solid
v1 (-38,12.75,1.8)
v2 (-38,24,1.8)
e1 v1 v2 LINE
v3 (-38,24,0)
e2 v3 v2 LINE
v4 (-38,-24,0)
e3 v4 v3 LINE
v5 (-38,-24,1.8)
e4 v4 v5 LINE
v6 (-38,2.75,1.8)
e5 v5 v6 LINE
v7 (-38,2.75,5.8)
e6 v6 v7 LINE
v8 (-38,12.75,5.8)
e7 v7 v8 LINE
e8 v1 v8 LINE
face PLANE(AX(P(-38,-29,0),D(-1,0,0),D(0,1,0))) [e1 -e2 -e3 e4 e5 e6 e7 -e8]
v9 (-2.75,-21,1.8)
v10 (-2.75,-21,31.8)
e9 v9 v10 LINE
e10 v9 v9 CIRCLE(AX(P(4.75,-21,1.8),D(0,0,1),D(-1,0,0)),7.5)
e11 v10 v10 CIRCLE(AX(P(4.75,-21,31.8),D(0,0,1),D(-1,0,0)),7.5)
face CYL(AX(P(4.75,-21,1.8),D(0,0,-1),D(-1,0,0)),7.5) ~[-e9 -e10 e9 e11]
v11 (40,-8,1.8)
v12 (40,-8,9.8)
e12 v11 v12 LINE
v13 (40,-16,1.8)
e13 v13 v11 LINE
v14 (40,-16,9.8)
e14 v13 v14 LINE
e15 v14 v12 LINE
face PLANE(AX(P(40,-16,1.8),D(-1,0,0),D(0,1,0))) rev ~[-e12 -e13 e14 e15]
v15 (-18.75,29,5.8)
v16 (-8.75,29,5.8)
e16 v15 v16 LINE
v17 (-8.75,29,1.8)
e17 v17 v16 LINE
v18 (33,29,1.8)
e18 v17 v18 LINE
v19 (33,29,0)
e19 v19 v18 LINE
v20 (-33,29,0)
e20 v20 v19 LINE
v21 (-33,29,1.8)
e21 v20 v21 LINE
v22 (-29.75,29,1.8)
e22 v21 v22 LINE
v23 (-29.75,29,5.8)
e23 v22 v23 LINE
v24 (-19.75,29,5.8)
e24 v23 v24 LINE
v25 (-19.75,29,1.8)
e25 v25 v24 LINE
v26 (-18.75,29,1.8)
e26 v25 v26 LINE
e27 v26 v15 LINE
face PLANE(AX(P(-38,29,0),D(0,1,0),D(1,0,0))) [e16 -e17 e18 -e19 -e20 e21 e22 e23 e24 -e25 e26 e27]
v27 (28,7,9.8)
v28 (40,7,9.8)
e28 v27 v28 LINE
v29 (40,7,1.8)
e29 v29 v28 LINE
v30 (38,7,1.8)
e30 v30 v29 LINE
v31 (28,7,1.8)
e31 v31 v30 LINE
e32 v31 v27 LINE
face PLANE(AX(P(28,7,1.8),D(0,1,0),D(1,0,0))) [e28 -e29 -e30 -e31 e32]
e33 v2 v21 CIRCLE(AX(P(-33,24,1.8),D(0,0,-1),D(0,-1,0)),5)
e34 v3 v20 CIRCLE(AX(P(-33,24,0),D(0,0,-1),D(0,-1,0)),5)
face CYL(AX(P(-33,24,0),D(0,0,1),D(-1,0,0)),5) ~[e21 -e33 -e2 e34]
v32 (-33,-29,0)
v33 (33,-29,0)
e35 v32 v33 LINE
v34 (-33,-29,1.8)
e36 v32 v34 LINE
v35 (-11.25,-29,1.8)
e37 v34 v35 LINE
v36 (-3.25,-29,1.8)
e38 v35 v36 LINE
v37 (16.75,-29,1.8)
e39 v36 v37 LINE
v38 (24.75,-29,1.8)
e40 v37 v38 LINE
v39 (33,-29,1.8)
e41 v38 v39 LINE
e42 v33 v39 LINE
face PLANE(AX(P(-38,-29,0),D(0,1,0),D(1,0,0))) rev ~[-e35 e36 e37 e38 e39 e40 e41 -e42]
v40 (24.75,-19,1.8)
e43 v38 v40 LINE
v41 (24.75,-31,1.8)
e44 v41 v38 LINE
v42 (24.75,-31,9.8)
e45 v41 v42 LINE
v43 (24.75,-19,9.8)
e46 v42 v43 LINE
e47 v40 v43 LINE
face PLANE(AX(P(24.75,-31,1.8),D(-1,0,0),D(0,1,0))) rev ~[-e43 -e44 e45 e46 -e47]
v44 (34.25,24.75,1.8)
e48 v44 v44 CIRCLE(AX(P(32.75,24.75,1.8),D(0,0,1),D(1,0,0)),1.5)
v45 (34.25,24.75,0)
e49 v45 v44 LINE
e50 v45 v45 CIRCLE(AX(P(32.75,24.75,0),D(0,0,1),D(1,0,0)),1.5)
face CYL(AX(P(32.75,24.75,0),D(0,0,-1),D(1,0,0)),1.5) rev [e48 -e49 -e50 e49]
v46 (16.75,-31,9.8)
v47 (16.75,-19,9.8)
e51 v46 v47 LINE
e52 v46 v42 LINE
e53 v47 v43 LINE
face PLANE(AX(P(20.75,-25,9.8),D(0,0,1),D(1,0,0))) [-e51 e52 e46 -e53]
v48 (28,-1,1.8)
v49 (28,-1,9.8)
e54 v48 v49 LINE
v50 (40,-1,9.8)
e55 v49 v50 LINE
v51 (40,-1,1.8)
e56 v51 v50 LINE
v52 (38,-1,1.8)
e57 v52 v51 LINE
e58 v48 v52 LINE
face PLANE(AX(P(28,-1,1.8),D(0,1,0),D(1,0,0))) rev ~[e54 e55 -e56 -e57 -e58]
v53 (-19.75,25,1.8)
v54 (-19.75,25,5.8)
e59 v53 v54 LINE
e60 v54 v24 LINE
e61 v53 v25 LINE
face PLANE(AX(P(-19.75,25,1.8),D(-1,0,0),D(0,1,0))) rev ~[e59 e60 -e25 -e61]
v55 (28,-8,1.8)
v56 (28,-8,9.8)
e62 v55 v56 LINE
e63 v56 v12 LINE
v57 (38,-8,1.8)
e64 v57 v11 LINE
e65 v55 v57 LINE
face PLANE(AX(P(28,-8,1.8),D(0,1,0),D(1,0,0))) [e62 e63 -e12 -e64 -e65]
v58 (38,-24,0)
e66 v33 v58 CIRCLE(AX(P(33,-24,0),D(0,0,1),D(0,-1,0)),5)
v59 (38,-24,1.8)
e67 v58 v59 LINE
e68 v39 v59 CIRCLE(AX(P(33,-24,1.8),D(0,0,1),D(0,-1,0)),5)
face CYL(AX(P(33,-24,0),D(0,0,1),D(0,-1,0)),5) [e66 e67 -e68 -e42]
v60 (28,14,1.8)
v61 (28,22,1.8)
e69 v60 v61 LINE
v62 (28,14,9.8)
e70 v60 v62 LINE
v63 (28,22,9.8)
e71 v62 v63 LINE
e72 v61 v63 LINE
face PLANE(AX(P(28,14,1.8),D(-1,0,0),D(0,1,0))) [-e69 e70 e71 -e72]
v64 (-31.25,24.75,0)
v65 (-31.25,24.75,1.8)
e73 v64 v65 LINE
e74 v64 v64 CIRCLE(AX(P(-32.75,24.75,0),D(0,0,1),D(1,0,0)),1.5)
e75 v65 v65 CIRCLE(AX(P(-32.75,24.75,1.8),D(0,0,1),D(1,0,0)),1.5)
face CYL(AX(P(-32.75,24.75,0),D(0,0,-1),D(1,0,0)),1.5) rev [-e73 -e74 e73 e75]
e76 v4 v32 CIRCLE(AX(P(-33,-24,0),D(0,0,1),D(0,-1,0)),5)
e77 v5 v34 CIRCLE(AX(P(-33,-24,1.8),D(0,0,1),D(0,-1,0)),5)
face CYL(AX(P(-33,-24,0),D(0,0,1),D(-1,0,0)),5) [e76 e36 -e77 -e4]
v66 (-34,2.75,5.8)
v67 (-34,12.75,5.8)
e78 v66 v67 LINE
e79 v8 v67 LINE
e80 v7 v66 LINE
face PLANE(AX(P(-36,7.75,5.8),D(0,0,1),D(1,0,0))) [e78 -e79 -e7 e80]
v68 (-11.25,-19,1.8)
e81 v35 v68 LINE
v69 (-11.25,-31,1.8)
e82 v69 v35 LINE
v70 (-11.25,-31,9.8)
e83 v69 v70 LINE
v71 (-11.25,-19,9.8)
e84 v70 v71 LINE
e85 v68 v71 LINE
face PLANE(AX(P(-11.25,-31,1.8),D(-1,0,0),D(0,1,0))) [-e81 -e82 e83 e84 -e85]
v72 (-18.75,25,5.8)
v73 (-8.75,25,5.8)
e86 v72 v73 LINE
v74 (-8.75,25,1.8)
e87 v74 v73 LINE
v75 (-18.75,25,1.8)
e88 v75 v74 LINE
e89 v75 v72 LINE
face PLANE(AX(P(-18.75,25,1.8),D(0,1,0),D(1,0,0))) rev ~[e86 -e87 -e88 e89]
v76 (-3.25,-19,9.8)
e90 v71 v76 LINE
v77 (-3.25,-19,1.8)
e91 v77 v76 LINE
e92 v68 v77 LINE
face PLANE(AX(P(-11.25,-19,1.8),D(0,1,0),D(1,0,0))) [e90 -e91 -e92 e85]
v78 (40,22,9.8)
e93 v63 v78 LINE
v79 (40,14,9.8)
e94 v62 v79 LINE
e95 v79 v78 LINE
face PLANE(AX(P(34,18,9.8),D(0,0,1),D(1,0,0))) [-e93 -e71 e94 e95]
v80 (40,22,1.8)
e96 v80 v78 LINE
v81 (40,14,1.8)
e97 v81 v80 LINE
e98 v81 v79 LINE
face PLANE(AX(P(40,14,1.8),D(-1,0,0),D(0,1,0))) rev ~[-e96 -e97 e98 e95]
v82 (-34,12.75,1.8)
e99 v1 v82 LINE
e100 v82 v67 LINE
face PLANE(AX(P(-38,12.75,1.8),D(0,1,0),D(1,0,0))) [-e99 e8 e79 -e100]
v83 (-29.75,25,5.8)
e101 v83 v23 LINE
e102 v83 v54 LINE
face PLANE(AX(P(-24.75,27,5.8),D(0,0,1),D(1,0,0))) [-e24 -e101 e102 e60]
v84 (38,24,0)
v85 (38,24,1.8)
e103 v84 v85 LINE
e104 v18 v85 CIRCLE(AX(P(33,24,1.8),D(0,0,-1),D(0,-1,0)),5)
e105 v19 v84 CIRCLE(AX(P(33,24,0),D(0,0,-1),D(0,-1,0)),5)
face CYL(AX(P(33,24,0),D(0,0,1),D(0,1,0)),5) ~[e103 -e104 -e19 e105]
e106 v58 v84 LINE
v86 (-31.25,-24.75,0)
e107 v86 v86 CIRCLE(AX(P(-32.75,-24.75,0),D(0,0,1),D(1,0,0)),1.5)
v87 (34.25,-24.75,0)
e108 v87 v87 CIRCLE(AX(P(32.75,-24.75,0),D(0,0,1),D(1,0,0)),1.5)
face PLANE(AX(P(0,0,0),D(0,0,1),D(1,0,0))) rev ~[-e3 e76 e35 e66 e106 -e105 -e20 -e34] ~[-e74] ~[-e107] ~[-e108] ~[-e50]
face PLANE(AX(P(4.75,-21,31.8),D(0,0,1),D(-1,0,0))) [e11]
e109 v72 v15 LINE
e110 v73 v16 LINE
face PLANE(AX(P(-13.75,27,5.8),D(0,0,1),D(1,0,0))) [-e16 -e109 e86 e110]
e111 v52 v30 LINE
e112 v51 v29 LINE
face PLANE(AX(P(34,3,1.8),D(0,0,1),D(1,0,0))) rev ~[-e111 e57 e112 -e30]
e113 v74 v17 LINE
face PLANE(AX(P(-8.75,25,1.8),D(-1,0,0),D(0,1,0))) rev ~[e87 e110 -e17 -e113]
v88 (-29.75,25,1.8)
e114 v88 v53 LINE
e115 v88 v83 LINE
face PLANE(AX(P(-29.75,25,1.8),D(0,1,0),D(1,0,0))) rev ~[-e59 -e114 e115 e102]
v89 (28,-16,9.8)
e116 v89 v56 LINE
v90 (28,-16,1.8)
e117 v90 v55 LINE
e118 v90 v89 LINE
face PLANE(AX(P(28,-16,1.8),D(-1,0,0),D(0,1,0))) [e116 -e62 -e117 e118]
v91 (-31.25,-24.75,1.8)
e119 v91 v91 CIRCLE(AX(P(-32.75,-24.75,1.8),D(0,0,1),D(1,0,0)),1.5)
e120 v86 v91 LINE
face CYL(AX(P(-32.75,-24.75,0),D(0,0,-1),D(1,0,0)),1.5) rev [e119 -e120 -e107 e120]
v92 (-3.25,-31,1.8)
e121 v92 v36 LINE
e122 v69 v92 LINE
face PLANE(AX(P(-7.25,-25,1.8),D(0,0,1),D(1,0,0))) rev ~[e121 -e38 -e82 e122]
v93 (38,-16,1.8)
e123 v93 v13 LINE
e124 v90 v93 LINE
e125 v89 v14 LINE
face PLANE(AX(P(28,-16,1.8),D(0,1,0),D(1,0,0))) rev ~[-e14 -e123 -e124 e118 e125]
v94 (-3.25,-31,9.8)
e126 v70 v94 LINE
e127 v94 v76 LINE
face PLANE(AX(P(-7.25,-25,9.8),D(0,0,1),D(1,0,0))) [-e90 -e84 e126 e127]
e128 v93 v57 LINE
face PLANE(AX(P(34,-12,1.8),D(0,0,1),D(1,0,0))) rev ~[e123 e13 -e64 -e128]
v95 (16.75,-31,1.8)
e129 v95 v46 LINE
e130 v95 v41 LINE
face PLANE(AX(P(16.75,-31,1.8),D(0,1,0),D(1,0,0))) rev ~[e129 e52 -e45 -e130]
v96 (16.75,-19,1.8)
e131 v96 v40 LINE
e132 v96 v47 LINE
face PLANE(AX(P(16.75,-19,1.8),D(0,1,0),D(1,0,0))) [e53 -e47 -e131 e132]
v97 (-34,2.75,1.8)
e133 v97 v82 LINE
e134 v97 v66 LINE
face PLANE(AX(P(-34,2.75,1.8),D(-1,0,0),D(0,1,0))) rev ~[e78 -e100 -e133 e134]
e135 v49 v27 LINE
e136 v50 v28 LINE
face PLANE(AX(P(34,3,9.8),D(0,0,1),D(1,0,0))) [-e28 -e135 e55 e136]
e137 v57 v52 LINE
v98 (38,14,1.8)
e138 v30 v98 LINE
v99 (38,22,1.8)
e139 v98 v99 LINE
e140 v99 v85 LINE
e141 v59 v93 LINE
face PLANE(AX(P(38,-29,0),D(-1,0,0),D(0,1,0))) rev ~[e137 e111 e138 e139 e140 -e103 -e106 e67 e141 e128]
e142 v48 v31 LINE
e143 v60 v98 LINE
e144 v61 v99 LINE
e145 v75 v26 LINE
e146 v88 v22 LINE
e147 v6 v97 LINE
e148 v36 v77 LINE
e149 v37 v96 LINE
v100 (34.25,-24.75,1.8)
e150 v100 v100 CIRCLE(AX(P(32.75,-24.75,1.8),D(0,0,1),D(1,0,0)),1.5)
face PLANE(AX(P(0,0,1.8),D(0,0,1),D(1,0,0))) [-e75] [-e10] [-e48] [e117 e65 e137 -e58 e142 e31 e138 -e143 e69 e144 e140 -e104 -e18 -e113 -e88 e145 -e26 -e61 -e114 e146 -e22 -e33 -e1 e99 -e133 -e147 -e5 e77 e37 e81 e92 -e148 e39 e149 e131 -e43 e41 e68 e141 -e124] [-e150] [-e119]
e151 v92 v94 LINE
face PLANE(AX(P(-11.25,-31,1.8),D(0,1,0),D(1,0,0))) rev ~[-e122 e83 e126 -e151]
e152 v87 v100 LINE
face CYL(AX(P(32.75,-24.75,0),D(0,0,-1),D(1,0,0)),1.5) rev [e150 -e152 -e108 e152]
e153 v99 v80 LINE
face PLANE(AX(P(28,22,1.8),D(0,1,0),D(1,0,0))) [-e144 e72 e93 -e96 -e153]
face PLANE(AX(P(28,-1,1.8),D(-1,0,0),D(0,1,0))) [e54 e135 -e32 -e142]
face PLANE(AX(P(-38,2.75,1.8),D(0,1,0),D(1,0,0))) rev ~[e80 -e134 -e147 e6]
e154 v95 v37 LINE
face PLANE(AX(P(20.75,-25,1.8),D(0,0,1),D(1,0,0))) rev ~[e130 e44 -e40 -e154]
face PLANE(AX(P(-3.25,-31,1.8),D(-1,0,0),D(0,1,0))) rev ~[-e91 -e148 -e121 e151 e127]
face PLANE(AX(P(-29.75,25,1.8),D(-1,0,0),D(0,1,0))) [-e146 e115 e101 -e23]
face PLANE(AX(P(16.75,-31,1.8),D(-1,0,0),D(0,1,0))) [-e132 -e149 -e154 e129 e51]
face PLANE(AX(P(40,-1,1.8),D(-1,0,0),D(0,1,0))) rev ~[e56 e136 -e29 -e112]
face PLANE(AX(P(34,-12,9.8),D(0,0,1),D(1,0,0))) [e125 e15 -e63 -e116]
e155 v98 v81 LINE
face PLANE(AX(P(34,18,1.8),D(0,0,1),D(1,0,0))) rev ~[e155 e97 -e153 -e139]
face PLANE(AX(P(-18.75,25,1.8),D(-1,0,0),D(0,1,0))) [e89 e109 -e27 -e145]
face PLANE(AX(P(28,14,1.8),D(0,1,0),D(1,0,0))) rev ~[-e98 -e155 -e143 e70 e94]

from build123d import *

# Parameters (mm, degrees)
SKETCH_1_W      = 76
SKETCH_1_H      = 58
SKETCH_1_R      = 1.5
EXTRUDE_1_DEPTH = 1.8
SKETCH_2_W      = 12
SKETCH_2_H      = 8
SKETCH_2_W_2    = 8
SKETCH_2_H_2    = 12
EXTRUDE_2_DEPTH = 8
SKETCH_3_W      = 10
SKETCH_3_H      = 4
SKETCH_3_W_2    = 4
SKETCH_3_H_2    = 10
EXTRUDE_3_DEPTH = 4
SKETCH_4_R      = 7.5
EXTRUDE_4_DEPTH = 30
FILLET_1_R      = 5


with BuildPart() as part:
    # 草图1 → 凸台-拉伸1 (new body)
    with BuildSketch(Plane.XY):
        Rectangle(SKETCH_1_W, SKETCH_1_H)
        with Locations((-32.75, 24.75)):
            Circle(SKETCH_1_R, mode=Mode.SUBTRACT)
        with Locations((-32.75, -24.75)):
            Circle(SKETCH_1_R, mode=Mode.SUBTRACT)
        with Locations((32.75, -24.75)):
            Circle(SKETCH_1_R, mode=Mode.SUBTRACT)
        with Locations((32.75, 24.75)):
            Circle(SKETCH_1_R, mode=Mode.SUBTRACT)
    extrude(amount=EXTRUDE_1_DEPTH)

    # 草图2 → 凸台-拉伸2 (add)
    with BuildSketch(Plane.XY.offset(1.8)):
        with Locations((34, 18)):
            Rectangle(SKETCH_2_W, SKETCH_2_H)
        with Locations((34, 3)):
            Rectangle(SKETCH_2_W, SKETCH_2_H)
        with Locations((34, -12)):
            Rectangle(SKETCH_2_W, SKETCH_2_H)
        with Locations((-7.25, -25)):
            Rectangle(SKETCH_2_W_2, SKETCH_2_H_2)
        with Locations((20.75, -25)):
            Rectangle(SKETCH_2_W_2, SKETCH_2_H_2)
    extrude(amount=EXTRUDE_2_DEPTH)

    # 草图3 → 凸台-拉伸3 (add)
    with BuildSketch(Plane.XY.offset(1.8)):
        with Locations((-24.75, 27)):
            Rectangle(SKETCH_3_W, SKETCH_3_H)
        with Locations((-13.75, 27)):
            Rectangle(SKETCH_3_W, SKETCH_3_H)
        with Locations((-36, 7.75)):
            Rectangle(SKETCH_3_W_2, SKETCH_3_H_2)
    extrude(amount=EXTRUDE_3_DEPTH)

    # 草图4 → 凸台-拉伸4 (add)
    with BuildSketch(Plane.XY.offset(1.8)):
        with Locations(Location((4.75, -21, 0), (0, 0, 180))):
            Circle(SKETCH_4_R)
    extrude(amount=EXTRUDE_4_DEPTH)

    # 圆角1
    fillet_1_edges = [part.edges().sort_by_distance(p)[0] for p in [
        (38, -29, 0.9),
        (-38, -29, 0.9),
        (-38, 29, 0.9),
        (38, 29, 0.9),
    ]]
    fillet(fillet_1_edges, radius=FILLET_1_R)


solid = part.part
